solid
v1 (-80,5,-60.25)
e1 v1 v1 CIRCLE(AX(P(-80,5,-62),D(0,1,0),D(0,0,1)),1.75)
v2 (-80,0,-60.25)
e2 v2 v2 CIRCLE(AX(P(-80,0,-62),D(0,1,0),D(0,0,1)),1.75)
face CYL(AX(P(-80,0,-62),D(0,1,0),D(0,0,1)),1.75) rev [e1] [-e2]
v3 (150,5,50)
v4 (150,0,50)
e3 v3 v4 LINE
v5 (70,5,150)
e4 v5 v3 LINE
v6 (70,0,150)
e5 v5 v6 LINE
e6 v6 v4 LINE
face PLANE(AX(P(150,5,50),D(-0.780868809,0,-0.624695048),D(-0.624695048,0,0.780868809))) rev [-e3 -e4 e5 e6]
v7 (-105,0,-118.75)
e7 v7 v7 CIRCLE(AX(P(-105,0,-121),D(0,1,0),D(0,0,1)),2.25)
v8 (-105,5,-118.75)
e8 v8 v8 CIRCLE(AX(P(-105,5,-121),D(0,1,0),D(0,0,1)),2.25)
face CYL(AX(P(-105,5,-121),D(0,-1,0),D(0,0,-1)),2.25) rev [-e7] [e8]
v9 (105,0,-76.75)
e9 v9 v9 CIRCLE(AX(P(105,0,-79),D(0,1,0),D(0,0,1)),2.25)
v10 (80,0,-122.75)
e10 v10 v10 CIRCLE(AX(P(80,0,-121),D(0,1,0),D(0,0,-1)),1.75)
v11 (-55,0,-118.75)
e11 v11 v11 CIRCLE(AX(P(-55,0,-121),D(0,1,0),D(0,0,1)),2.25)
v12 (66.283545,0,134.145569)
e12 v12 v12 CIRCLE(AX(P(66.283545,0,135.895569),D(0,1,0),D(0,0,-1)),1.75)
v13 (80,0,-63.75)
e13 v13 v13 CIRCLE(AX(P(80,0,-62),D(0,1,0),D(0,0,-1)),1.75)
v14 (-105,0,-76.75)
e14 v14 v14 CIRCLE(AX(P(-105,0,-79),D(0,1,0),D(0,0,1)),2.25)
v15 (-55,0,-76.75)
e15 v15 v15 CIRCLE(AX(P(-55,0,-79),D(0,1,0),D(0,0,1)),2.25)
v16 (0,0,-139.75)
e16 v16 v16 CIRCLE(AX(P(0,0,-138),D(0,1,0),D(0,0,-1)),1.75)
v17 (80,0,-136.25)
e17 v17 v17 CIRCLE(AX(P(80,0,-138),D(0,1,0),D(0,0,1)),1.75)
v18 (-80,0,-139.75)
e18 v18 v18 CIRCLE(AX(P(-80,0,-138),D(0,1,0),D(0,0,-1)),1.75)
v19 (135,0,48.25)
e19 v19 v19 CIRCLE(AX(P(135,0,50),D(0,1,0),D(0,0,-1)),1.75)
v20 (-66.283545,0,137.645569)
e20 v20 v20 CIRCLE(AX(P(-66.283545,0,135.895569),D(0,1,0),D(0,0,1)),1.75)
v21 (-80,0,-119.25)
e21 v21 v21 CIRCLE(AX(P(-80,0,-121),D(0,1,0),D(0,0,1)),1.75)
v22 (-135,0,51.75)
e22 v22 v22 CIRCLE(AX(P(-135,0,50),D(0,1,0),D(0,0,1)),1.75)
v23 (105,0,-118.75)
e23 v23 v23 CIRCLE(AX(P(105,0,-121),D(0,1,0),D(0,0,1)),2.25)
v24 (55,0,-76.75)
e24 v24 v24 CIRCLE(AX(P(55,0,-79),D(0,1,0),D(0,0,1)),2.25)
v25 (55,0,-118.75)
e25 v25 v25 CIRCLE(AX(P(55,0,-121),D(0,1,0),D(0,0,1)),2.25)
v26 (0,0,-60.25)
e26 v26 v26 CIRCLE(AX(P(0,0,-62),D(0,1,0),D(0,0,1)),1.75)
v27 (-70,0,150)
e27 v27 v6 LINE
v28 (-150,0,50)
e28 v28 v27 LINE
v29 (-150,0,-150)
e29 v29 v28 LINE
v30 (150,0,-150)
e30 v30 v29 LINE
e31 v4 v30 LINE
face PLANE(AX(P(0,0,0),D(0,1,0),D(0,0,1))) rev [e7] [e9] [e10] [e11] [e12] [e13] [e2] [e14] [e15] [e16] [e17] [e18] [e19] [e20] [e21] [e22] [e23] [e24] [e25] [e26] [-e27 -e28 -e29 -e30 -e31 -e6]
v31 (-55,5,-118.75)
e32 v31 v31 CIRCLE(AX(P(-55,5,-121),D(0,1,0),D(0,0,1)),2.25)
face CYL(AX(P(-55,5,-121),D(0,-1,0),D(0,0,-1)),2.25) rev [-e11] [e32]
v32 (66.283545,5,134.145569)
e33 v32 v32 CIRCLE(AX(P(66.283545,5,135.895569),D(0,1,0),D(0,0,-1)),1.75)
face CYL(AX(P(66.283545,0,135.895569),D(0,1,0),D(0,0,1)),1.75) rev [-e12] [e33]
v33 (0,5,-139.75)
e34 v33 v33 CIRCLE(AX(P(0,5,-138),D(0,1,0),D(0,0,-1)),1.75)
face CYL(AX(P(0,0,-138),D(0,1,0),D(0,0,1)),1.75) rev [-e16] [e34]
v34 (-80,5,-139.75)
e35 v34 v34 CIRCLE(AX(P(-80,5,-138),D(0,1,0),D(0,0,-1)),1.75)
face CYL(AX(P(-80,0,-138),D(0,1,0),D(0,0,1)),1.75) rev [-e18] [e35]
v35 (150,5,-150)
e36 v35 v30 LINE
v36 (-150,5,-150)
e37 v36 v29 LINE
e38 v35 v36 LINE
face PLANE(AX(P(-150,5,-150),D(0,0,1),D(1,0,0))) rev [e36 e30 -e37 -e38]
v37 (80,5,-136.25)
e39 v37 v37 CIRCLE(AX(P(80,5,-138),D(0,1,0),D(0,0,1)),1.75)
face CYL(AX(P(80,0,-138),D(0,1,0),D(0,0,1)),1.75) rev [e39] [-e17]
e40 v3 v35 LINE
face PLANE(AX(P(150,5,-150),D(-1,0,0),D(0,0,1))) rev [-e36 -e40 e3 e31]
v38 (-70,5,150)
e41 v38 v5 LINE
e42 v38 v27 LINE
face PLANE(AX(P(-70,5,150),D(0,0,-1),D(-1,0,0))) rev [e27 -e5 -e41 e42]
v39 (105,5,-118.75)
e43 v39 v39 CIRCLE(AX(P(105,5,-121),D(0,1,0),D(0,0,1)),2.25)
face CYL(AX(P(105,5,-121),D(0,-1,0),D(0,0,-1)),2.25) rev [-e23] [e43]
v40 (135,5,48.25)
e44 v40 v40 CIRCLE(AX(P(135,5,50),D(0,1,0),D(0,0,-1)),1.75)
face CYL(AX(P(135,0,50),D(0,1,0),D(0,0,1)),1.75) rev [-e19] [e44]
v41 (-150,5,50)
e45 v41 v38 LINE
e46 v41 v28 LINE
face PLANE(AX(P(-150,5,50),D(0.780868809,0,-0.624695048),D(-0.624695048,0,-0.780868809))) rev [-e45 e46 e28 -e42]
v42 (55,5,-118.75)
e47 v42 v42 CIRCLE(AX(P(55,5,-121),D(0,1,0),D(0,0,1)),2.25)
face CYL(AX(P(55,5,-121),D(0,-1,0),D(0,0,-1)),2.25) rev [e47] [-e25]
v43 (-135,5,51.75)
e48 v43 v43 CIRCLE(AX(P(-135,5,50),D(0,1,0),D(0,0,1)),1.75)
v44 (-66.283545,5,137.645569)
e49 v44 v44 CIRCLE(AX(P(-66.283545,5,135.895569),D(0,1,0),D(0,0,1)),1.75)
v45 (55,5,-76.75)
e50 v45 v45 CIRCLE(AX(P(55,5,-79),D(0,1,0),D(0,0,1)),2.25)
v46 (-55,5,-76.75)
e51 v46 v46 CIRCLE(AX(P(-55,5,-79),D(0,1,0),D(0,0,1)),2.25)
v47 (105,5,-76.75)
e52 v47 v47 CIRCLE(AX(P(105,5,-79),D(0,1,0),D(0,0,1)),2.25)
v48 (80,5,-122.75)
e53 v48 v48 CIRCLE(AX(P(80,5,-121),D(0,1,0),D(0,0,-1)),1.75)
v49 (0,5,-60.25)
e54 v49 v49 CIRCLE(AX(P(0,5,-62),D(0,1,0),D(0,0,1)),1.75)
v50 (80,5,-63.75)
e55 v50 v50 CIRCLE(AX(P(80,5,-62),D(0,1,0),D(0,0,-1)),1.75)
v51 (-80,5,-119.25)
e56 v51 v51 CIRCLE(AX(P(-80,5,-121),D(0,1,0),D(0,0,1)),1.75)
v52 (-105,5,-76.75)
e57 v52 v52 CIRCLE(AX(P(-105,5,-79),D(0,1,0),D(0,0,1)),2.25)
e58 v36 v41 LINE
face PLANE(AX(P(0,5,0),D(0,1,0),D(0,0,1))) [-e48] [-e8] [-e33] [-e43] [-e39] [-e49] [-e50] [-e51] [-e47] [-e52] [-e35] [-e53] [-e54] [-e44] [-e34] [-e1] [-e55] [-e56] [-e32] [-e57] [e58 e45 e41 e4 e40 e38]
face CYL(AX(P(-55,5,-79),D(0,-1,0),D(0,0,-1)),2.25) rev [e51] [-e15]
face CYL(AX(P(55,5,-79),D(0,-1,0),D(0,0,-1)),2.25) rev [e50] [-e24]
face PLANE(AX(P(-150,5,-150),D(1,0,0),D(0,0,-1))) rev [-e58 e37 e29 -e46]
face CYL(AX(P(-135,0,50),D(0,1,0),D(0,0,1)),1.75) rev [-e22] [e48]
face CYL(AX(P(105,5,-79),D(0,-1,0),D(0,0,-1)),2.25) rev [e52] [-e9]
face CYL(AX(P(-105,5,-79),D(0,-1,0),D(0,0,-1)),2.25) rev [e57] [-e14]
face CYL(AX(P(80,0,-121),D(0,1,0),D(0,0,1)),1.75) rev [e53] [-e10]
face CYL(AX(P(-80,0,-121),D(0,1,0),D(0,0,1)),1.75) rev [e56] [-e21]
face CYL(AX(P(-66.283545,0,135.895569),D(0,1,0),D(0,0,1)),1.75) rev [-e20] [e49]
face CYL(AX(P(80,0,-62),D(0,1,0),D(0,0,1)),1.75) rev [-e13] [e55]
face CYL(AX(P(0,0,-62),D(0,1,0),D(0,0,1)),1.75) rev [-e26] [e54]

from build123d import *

# Parameters (mm, degrees)
SKETCH_2_R          = 2.25
EXTRUDE_2_DEPTH     = 5
SKETCH_5_R          = 1.75
CUT_EXTRUDE_3_DEPTH = 213.190951739
SKETCH_8_R          = 1.75
CUT_EXTRUDE_5_DEPTH = 213.190951739


with BuildPart() as part:
    # 草圖2 → 填料-伸長2 (new body)
    with BuildSketch(Plane(origin=(0, 0, 0), x_dir=(1, 0, 0), z_dir=(0, 1, 0))):
        Polygon((-150, 150), (150, 150), (150, -50), (70, -150), (-70, -150), (-150, -50), align=None)
        with Locations(Location((-105, 121, 0), (0, 0, 270))):
            Circle(SKETCH_2_R, mode=Mode.SUBTRACT)
        with Locations(Location((-105, 79, 0), (0, 0, 270))):
            Circle(SKETCH_2_R, mode=Mode.SUBTRACT)
        with Locations(Location((-55, 79, 0), (0, 0, 270))):
            Circle(SKETCH_2_R, mode=Mode.SUBTRACT)
        with Locations(Location((-55, 121, 0), (0, 0, 270))):
            Circle(SKETCH_2_R, mode=Mode.SUBTRACT)
        with Locations(Location((55, 121, 0), (0, 0, 270))):
            Circle(SKETCH_2_R, mode=Mode.SUBTRACT)
        with Locations(Location((55, 79, 0), (0, 0, 270))):
            Circle(SKETCH_2_R, mode=Mode.SUBTRACT)
        with Locations(Location((105, 121, 0), (0, 0, 270))):
            Circle(SKETCH_2_R, mode=Mode.SUBTRACT)
        with Locations(Location((105, 79, 0), (0, 0, 270))):
            Circle(SKETCH_2_R, mode=Mode.SUBTRACT)
    extrude(amount=EXTRUDE_2_DEPTH)

    # 草圖5 → 除料-伸長3 (cut, through all)
    with BuildSketch(Plane(origin=(0, 5, 0), x_dir=(1, 0, 0), z_dir=(0, 1, 0))):
        with Locations(Location((0, 62, 0), (0, 0, 270))):
            Circle(SKETCH_5_R)
        with Locations(Location((-80, 62, 0), (0, 0, 270))):
            Circle(SKETCH_5_R)
        with Locations(Location((80, 62, 0), (0, 0, 90))):
            Circle(SKETCH_5_R)
        with Locations(Location((80, 138, 0), (0, 0, 270))):
            Circle(SKETCH_5_R)
        with Locations(Location((-80, 138, 0), (0, 0, 90))):
            Circle(SKETCH_5_R)
        with Locations(Location((0, 138, 0), (0, 0, 90))):
            Circle(SKETCH_5_R)
    extrude(amount=-CUT_EXTRUDE_3_DEPTH, mode=Mode.SUBTRACT)

    # 草圖8 → 除料-伸長5 (cut, through all)
    with BuildSketch(Plane(origin=(0, 5, 0), x_dir=(1, 0, 0), z_dir=(0, 1, 0))):
        with Locations(Location((-80, 121, 0), (0, 0, 270))):
            Circle(SKETCH_8_R)
        with Locations(Location((80, 121, 0), (0, 0, 90))):
            Circle(SKETCH_8_R)
        with Locations(Location((-135, -50, 0), (0, 0, 270))):
            Circle(SKETCH_8_R)
        with Locations(Location((-66.283544769, -135.895569039, 0), (0, 0, 270))):
            Circle(SKETCH_8_R)
        with Locations(Location((135, -50, 0), (0, 0, 90))):
            Circle(SKETCH_8_R)
        with Locations(Location((66.283544769, -135.895569039, 0), (0, 0, 90))):
            Circle(SKETCH_8_R)
    extrude(amount=-CUT_EXTRUDE_5_DEPTH, mode=Mode.SUBTRACT)


solid = part.part
